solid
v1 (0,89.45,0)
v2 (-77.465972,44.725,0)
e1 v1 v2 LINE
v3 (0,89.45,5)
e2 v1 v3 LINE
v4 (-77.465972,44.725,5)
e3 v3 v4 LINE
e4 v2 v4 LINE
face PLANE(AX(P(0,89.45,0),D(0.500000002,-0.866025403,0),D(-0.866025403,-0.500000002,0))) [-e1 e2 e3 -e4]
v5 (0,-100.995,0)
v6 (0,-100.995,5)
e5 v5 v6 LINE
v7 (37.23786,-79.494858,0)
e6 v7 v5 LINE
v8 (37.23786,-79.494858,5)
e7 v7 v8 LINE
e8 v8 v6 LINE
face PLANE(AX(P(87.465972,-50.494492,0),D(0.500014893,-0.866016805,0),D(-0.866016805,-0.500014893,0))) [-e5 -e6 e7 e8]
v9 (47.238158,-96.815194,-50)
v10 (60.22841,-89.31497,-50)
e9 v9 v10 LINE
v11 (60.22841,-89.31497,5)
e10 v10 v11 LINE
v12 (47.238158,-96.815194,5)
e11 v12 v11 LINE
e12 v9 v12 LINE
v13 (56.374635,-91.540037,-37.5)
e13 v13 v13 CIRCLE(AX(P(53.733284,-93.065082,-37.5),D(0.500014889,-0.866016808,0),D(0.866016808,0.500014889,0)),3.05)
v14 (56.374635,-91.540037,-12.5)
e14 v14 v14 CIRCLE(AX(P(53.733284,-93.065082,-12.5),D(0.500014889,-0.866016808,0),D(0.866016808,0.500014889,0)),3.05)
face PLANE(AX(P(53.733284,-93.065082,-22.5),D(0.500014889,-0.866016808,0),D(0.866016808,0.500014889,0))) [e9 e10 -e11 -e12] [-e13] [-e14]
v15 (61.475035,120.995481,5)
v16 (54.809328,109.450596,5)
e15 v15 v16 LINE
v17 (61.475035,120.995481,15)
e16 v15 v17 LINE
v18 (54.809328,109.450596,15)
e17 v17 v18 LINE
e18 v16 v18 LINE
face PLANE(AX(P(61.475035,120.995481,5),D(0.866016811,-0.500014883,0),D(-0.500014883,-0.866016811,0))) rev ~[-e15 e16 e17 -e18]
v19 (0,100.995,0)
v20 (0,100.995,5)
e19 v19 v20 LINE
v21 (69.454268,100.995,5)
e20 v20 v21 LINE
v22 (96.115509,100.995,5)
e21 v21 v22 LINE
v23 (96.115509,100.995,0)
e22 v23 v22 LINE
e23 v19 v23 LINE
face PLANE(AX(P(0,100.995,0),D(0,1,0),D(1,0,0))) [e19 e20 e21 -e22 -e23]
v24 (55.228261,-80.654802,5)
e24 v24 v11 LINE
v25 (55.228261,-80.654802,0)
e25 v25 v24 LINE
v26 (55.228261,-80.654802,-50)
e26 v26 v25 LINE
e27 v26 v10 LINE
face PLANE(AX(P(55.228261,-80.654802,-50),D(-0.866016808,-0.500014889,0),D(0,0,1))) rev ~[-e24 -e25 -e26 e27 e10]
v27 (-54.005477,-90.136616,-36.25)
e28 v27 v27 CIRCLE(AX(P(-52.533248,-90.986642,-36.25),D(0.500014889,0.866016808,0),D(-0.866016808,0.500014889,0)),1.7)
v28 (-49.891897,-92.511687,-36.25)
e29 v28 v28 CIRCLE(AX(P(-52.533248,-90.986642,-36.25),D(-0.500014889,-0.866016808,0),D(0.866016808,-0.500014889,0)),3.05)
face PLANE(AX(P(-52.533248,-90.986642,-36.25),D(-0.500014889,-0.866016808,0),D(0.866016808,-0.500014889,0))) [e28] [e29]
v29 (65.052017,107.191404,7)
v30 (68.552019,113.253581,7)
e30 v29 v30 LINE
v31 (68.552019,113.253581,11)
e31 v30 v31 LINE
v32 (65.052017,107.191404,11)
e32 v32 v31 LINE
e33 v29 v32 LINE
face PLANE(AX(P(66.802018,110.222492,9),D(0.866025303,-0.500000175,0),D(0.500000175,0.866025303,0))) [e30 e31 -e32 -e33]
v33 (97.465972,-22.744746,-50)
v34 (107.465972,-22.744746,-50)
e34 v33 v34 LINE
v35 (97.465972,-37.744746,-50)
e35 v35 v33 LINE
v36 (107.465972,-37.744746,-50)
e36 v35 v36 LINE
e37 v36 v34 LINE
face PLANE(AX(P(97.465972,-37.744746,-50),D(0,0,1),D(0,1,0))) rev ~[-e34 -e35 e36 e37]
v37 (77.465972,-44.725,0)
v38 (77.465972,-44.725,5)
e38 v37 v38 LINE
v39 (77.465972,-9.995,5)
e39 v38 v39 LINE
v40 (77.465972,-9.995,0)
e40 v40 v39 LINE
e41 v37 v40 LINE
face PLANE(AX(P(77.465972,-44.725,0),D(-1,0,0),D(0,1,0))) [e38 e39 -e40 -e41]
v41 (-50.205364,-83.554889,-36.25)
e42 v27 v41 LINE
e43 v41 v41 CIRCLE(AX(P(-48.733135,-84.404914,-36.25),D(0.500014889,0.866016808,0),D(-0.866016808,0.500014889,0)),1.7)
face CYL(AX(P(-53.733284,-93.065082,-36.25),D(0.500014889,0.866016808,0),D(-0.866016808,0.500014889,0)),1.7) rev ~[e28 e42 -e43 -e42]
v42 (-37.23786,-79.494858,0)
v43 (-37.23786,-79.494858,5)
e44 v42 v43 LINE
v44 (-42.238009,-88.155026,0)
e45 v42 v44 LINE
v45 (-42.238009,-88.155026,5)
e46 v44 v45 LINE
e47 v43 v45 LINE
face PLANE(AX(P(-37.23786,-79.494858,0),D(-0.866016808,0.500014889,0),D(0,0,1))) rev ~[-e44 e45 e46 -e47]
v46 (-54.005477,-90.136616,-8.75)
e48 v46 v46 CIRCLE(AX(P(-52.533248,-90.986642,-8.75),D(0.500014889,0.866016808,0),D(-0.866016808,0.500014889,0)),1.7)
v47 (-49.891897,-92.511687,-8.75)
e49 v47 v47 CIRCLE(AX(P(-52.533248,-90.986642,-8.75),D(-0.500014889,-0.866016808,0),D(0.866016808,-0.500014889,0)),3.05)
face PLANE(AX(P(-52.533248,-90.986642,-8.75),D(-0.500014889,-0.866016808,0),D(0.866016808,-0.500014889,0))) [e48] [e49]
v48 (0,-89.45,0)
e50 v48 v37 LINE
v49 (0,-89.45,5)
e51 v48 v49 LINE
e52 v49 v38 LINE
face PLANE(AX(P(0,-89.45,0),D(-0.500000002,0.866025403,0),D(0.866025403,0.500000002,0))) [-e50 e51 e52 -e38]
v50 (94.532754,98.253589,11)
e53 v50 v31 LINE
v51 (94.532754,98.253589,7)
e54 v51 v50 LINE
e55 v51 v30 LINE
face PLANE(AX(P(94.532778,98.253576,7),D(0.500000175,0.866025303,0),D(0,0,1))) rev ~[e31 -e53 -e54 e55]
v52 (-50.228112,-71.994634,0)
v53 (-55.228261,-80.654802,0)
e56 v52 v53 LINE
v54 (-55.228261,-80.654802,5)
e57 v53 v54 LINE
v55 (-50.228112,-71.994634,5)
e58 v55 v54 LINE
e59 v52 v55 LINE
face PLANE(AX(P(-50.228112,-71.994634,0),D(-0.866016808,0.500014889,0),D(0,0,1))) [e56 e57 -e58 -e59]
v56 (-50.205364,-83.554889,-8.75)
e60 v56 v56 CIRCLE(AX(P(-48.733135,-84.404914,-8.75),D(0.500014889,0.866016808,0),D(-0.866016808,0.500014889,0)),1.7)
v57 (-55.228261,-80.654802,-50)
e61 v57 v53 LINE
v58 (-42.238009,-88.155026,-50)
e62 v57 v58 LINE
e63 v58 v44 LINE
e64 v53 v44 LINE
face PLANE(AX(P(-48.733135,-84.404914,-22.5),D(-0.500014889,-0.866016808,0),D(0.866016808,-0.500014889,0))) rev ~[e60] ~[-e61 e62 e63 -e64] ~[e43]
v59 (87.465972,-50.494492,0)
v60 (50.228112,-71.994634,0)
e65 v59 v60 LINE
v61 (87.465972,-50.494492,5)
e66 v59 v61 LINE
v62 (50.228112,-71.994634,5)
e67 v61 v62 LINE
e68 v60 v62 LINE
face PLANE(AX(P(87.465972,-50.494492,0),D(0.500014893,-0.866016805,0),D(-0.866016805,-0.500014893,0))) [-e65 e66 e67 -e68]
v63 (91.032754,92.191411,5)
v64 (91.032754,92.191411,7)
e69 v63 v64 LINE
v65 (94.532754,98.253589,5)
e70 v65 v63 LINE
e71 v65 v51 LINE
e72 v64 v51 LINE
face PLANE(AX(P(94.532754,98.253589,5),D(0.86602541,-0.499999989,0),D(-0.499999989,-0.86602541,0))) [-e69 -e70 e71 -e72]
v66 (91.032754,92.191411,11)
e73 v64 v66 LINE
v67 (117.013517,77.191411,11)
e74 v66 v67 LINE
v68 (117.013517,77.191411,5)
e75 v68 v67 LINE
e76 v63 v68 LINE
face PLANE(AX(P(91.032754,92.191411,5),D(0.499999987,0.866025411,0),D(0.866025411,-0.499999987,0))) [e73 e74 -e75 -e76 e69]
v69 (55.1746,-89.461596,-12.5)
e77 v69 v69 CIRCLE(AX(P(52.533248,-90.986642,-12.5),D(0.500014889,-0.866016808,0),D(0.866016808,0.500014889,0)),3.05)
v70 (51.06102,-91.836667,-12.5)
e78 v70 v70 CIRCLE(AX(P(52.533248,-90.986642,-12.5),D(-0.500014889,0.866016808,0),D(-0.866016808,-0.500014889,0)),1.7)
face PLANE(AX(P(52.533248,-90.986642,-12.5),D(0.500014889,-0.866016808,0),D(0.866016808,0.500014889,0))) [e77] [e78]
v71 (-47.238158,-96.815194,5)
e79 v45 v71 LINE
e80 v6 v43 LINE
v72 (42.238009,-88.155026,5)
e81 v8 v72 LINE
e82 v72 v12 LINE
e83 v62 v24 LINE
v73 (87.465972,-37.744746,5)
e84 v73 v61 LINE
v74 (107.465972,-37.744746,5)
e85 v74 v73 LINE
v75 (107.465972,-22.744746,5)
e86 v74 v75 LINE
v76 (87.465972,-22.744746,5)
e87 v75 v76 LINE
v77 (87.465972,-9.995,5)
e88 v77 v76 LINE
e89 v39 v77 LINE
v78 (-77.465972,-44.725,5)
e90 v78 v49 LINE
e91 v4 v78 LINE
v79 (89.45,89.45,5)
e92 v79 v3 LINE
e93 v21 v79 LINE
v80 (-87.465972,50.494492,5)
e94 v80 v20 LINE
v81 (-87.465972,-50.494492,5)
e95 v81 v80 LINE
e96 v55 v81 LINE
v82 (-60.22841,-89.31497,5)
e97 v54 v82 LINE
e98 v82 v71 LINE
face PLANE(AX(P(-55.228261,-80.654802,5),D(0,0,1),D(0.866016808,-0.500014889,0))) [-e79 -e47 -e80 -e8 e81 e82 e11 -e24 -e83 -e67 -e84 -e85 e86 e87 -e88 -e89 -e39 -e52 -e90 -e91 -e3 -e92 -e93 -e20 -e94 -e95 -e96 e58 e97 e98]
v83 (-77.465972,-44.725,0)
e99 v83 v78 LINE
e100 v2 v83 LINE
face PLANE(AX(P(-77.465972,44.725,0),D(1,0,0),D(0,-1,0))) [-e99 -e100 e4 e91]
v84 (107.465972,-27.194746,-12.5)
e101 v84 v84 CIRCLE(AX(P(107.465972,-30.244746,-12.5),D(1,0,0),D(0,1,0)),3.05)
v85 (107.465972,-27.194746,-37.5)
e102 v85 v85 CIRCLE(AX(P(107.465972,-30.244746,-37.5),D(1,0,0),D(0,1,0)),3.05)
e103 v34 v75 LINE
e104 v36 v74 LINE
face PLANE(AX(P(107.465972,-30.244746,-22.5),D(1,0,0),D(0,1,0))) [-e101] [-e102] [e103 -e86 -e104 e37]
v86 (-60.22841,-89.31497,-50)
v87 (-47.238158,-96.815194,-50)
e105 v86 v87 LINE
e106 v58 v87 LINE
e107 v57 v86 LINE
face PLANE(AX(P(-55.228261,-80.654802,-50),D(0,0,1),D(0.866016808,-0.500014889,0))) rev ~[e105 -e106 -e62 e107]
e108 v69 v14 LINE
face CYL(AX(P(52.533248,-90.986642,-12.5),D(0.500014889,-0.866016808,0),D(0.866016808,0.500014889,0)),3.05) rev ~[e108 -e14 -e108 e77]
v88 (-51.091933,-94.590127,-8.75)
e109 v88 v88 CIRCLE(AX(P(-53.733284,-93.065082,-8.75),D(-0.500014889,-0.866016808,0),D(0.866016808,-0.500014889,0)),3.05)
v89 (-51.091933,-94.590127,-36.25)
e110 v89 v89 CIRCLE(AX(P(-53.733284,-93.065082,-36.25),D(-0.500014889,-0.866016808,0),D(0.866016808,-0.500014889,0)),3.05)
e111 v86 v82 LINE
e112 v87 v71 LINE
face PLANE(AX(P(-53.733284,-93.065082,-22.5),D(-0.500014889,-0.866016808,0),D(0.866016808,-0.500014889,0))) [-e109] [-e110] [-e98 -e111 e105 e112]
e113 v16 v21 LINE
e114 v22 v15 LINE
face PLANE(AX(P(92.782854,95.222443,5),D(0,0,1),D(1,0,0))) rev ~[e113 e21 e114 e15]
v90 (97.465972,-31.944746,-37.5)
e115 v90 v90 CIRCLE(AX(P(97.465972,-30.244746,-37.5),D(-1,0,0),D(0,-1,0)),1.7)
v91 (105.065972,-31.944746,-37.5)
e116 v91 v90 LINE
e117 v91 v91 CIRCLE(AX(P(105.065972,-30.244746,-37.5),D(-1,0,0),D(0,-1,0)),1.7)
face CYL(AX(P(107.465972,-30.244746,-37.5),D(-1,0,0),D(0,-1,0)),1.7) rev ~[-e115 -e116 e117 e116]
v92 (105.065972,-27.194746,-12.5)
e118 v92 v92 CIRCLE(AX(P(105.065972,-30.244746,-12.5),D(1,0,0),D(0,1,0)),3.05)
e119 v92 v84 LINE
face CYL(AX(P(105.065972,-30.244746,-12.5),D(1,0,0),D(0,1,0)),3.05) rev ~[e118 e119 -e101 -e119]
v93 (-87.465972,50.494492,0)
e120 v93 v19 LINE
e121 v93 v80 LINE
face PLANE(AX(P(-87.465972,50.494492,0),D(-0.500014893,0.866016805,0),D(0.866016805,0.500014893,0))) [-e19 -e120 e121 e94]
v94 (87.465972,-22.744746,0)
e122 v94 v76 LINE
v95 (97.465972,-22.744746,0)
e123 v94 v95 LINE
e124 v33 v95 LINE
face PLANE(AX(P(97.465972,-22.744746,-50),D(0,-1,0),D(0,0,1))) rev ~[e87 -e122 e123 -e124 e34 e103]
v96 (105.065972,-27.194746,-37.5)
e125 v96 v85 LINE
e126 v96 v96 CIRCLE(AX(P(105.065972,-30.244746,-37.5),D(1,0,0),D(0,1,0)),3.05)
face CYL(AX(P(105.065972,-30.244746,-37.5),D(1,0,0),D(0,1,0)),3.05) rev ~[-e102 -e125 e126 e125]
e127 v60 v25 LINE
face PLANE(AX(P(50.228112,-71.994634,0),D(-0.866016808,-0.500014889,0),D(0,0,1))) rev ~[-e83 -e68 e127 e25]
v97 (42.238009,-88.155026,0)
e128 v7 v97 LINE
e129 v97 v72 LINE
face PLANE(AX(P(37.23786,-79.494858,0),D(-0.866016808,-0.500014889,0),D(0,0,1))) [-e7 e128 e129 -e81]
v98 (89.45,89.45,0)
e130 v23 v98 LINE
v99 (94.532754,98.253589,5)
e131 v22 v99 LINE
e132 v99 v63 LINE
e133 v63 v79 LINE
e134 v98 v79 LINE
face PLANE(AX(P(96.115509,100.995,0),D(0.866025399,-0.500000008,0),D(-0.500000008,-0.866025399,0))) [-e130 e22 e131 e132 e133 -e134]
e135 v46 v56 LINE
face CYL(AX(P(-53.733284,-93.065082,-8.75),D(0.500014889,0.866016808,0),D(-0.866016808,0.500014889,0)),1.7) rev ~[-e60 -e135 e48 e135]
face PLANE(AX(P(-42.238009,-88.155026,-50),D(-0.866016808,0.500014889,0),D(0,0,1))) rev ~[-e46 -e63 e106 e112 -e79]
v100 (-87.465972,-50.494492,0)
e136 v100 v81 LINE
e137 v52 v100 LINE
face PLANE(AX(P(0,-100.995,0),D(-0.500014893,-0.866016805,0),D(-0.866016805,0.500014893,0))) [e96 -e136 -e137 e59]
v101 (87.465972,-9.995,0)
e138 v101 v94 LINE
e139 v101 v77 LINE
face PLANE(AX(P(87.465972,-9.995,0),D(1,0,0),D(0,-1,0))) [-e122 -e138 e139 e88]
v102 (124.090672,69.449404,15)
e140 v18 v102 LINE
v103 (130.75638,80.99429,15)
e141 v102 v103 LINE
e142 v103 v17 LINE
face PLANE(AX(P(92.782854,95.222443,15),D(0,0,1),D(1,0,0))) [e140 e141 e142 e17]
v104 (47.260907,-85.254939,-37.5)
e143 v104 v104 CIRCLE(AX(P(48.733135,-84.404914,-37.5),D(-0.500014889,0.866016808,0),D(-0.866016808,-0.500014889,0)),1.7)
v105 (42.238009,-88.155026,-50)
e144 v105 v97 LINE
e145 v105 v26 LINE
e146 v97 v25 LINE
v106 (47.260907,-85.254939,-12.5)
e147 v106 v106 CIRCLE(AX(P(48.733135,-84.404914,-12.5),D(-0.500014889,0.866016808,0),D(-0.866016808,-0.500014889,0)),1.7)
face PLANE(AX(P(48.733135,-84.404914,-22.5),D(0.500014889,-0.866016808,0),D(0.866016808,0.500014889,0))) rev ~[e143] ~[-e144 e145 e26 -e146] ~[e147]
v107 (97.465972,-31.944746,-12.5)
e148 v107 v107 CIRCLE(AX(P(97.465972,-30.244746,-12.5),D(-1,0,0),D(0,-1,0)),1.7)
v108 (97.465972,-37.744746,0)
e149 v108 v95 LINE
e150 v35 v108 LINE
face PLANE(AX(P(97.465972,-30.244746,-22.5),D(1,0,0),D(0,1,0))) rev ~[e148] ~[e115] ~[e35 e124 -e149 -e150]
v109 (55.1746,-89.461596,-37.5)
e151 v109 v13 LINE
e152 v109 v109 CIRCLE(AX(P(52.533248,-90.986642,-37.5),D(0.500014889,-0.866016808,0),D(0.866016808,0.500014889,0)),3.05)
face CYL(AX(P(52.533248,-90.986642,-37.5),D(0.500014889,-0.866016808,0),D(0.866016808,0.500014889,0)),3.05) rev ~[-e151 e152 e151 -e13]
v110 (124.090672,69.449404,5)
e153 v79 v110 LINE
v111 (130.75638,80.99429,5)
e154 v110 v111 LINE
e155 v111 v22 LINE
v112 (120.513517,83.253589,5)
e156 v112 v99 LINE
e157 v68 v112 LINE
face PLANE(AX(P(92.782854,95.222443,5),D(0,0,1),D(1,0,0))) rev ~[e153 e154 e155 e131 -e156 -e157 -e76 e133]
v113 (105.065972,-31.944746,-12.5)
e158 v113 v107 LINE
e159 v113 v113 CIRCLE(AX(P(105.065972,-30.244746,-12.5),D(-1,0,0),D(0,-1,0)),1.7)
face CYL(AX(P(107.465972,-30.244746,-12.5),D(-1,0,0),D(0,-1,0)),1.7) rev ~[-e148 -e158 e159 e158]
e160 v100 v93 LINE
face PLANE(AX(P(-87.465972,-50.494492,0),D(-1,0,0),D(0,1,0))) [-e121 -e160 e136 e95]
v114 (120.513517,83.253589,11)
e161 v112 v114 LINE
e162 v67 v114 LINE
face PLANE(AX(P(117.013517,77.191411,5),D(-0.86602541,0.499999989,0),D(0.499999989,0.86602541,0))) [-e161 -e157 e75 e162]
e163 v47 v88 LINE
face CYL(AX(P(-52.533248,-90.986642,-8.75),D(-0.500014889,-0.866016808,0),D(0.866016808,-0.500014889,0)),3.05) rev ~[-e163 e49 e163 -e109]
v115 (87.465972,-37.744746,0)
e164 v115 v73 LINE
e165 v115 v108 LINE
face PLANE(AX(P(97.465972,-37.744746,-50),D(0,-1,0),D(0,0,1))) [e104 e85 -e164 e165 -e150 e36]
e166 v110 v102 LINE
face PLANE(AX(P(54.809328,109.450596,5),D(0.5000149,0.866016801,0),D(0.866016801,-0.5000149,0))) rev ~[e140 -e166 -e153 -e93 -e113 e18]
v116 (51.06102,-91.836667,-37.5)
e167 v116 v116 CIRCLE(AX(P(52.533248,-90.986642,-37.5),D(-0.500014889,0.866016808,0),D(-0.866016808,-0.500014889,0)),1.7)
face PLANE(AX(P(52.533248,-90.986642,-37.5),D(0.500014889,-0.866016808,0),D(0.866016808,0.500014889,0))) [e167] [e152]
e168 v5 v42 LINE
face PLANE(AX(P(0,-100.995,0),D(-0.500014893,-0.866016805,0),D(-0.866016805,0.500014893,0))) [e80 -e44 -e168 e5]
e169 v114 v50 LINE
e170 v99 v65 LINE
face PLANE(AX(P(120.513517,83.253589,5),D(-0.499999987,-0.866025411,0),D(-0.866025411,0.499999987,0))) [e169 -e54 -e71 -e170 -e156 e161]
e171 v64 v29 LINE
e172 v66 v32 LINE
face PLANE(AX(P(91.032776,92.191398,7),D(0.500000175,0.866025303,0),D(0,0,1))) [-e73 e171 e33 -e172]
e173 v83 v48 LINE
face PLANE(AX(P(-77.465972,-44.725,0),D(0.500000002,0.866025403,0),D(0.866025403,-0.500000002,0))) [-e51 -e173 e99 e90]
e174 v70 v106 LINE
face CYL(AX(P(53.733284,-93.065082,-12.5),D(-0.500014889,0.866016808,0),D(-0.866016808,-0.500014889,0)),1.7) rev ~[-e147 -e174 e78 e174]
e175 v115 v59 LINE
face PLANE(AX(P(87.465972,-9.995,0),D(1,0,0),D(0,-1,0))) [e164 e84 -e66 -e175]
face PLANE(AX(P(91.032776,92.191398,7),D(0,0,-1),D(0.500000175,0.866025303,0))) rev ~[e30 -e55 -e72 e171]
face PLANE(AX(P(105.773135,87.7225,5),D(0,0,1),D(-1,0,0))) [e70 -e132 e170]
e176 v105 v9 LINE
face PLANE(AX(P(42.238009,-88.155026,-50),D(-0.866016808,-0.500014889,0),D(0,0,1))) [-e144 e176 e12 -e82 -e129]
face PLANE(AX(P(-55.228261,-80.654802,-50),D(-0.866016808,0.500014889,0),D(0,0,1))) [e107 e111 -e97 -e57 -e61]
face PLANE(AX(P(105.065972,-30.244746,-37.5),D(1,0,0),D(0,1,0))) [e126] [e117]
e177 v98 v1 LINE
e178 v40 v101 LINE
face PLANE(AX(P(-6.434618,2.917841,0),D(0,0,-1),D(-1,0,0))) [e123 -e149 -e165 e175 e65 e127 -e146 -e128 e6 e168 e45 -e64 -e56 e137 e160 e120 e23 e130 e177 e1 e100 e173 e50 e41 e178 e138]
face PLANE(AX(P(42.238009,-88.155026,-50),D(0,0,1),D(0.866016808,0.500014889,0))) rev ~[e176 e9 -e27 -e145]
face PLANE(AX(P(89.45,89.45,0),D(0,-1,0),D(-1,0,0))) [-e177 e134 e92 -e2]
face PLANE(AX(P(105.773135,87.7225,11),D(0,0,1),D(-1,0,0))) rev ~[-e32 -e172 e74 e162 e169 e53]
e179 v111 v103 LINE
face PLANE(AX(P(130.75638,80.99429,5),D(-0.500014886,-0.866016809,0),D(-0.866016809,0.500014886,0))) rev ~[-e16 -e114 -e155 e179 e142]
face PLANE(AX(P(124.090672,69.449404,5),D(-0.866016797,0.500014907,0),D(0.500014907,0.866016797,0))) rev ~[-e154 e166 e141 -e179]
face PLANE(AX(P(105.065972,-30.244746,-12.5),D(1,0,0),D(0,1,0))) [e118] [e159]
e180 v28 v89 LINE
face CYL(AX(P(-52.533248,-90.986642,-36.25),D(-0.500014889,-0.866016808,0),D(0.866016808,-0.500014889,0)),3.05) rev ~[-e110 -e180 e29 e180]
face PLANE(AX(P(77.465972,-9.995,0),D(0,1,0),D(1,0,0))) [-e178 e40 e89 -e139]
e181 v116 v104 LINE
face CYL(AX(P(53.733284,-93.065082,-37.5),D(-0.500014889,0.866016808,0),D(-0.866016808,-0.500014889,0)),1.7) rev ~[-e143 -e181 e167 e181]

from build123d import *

# Parameters (mm, degrees)
PAD_DEPTH           = 5
PAD001_DEPTH        = 10
POCKET_DEPTH        = 6
SKETCH003_W         = 7
SKETCH003_H         = 4
POCKET001_DEPTH     = 30
SKETCH004_W         = 15
SKETCH004_H         = 5
PAD002_DEPTH        = 10
SKETCH005_W         = 15
SKETCH005_H         = 55
PAD003_DEPTH        = 10
HOLE_D              = 3.4
HOLE_DEPTH          = 25
HOLE_CBORE_D        = 6.1
HOLE_CBORE_DEPTH    = 2.4
HOLE_TIPS_R         = 1.7
SKETCH007_W         = 15
SKETCH007_H         = 5
PAD004_DEPTH        = 10
SKETCH008_W         = 15
SKETCH008_H         = 55
PAD005_DEPTH        = 10
HOLE001_D           = 3.4
HOLE001_DEPTH       = 25
HOLE001_CBORE_D     = 6.1
HOLE001_CBORE_DEPTH = 2.4
HOLE001_TIPS_R      = 1.7
SKETCH010_W         = 15
SKETCH010_H         = 5
PAD006_DEPTH        = 10
SKETCH011_W         = 15
SKETCH011_H         = 55
PAD007_DEPTH        = 10
HOLE002_D           = 3.4
HOLE002_DEPTH       = 25
HOLE002_CBORE_D     = 6.1
HOLE002_CBORE_DEPTH = 2.4
HOLE002_TIPS_R      = 1.7


with BuildPart() as part:
    # Sketch → Pad (new body)
    with BuildSketch(Plane.XY):
        Polygon((77.465972, -44.725), (77.465972, -9.995), (87.465972, -9.995), (87.465972, -50.494492), (0, -100.995), (-87.465972, -50.494492), (-87.465972, 50.494492), (0, 100.995), (96.115509, 100.995), (89.45, 89.45), (0, 89.45), (-77.465972, 44.725), (-77.465972, -44.725), (0, -89.45), align=None)
    extrude(amount=PAD_DEPTH)

    # Sketch001 (on Face16 of Pad) → Pad001 (join)
    with BuildSketch(Plane.XY.offset(5)):
        Polygon((124.090672, 69.449404), (130.75638, 80.99429), (61.475035, 120.995481), (54.809328, 109.450596), align=None)
    extrude(amount=PAD001_DEPTH)

    # Sketch002 (on Face7 of Pad001) → Pocket (cut)
    with BuildSketch(Plane(origin=(0, 0, 5), x_dir=(1, 0, 0), z_dir=(0, 0, -1))):
        Polygon((91.032754, -92.191411), (117.013517, -77.191411), (120.513517, -83.253589), (94.532754, -98.253589), align=None)
    extrude(amount=-POCKET_DEPTH, mode=Mode.SUBTRACT)

    # Sketch003 (on Face8 of Pocket) → Pocket001 (cut)
    with BuildSketch(Plane(origin=(28.354514, -16.370486, 0), x_dir=(0.5, 0.866025, 0), z_dir=(0.866025, -0.5, 0))):
        with Locations((128.856481, 9)):
            Rectangle(SKETCH003_W, SKETCH003_H)
    extrude(amount=-POCKET001_DEPTH, mode=Mode.SUBTRACT)

    # Sketch004 (on Face14 of Pocket001) → Pad002 (join)
    with BuildSketch(Plane.YZ.offset(87.465972)):
        with Locations((-30.244746, 2.5)):
            Rectangle(SKETCH004_W, SKETCH004_H)
    extrude(amount=PAD002_DEPTH)

    # Sketch005 (on Face32 of Pad002) → Pad003 (join)
    with BuildSketch(Plane.YZ.offset(97.465972)):
        with Locations((-30.244746, -22.5)):
            Rectangle(SKETCH005_W, SKETCH005_H)
    extrude(amount=PAD003_DEPTH)

    # Hole
    with Locations(Plane.YZ.offset(107.465972)):
        with Locations((-30.244746, -12.5), (-30.244746, -37.5)):
            CounterBoreHole(HOLE_D / 2, HOLE_CBORE_D / 2, HOLE_CBORE_DEPTH, depth=HOLE_DEPTH)

    # Hole tips → Hole tip 1 section 0
    with BuildSketch(Plane.YZ.offset(82.465972), mode=Mode.PRIVATE) as hole_tip_1_s0:
        with Locations((-30.244746, -12.5)):
            Circle(HOLE_TIPS_R)
    loft([hole_tip_1_s0.sketch, Vertex(81.444509, -30.244746, -12.5)], mode=Mode.SUBTRACT)

    # Hole tips → Hole tip 2 section 0
    with BuildSketch(Plane.YZ.offset(82.465972), mode=Mode.PRIVATE) as hole_tip_2_s0:
        with Locations((-30.244746, -37.5)):
            Circle(HOLE_TIPS_R)
    loft([hole_tip_2_s0.sketch, Vertex(81.444509, -30.244746, -37.5)], mode=Mode.SUBTRACT)

    # Sketch007 (on Face17 of Hole) → Pad004 (join)
    with BuildSketch(Plane(origin=(43.732986, -75.744746, 0), x_dir=(0.866017, 0.500015, 0), z_dir=(0.500015, -0.866017, 0))):
        with Locations((0, 2.5)):
            Rectangle(SKETCH007_W, SKETCH007_H)
    extrude(amount=PAD004_DEPTH)

    # Sketch008 (on Face38 of Pad004) → Pad005 (join)
    with BuildSketch(Plane(origin=(48.733135, -84.404914, 0), x_dir=(0.866017, 0.500015, 0), z_dir=(0.500015, -0.866017, 0))):
        with Locations((0, -22.5)):
            Rectangle(SKETCH008_W, SKETCH008_H)
    extrude(amount=PAD005_DEPTH)

    # Hole001
    with Locations(Plane(origin=(53.733284, -93.065082, 0), x_dir=(0.866017, 0.500015, 0), z_dir=(0.500015, -0.866017, 0))):
        with Locations((0, -12.5), (0, -37.5)):
            CounterBoreHole(HOLE001_D / 2, HOLE001_CBORE_D / 2, HOLE001_CBORE_DEPTH, depth=HOLE001_DEPTH)

    # Hole001 tips → Hole001 tip 1 section 0
    with BuildSketch(Plane(origin=(41.232912, -71.414662, 0), x_dir=(0.866017, 0.500015, 0), z_dir=(0.500015, -0.866017, 0)), mode=Mode.PRIVATE) as hole001_tip_1_s0:
        with Locations((0, -12.5)):
            Circle(HOLE001_TIPS_R)
    loft([hole001_tip_1_s0.sketch, Vertex(40.722165, -70.530058, -12.5)], mode=Mode.SUBTRACT)

    # Hole001 tips → Hole001 tip 2 section 0
    with BuildSketch(Plane(origin=(41.232912, -71.414662, 0), x_dir=(0.866017, 0.500015, 0), z_dir=(0.500015, -0.866017, 0)), mode=Mode.PRIVATE) as hole001_tip_2_s0:
        with Locations((0, -37.5)):
            Circle(HOLE001_TIPS_R)
    loft([hole001_tip_2_s0.sketch, Vertex(40.722165, -70.530058, -37.5)], mode=Mode.SUBTRACT)

    # Sketch010 (on Face20 of Hole001) → Pad006 (join)
    with BuildSketch(Plane(origin=(-43.732986, -75.744746, 0), x_dir=(0.866017, -0.500015, 0), z_dir=(-0.500015, -0.866017, 0))):
        with Locations((0, 2.5)):
            Rectangle(SKETCH010_W, SKETCH010_H)
    extrude(amount=PAD006_DEPTH)

    # Sketch011 (on Face44 of Pad006) → Pad007 (join)
    with BuildSketch(Plane(origin=(-48.733135, -84.404914, 0), x_dir=(0.866017, -0.500015, 0), z_dir=(-0.500015, -0.866017, 0))):
        with Locations((0, -22.5)):
            Rectangle(SKETCH011_W, SKETCH011_H)
    extrude(amount=PAD007_DEPTH)

    # Hole002
    with Locations(Plane(origin=(-53.733284, -93.065082, 0), x_dir=(0.866017, -0.500015, 0), z_dir=(-0.500015, -0.866017, 0))):
        with Locations((0, -36.25), (0, -8.75)):
            CounterBoreHole(HOLE002_D / 2, HOLE002_CBORE_D / 2, HOLE002_CBORE_DEPTH, depth=HOLE002_DEPTH)

    # Hole002 tips → Hole002 tip 1 section 0
    with BuildSketch(Plane(origin=(-41.232912, -71.414662, 0), x_dir=(0.866017, -0.500015, 0), z_dir=(-0.500015, -0.866017, 0)), mode=Mode.PRIVATE) as hole002_tip_1_s0:
        with Locations((0, -36.25)):
            Circle(HOLE002_TIPS_R)
    loft([hole002_tip_1_s0.sketch, Vertex(-40.722165, -70.530058, -36.25)], mode=Mode.SUBTRACT)

    # Hole002 tips → Hole002 tip 2 section 0
    with BuildSketch(Plane(origin=(-41.232912, -71.414662, 0), x_dir=(0.866017, -0.500015, 0), z_dir=(-0.500015, -0.866017, 0)), mode=Mode.PRIVATE) as hole002_tip_2_s0:
        with Locations((0, -8.75)):
            Circle(HOLE002_TIPS_R)
    loft([hole002_tip_2_s0.sketch, Vertex(-40.722165, -70.530058, -8.75)], mode=Mode.SUBTRACT)


solid = part.part
